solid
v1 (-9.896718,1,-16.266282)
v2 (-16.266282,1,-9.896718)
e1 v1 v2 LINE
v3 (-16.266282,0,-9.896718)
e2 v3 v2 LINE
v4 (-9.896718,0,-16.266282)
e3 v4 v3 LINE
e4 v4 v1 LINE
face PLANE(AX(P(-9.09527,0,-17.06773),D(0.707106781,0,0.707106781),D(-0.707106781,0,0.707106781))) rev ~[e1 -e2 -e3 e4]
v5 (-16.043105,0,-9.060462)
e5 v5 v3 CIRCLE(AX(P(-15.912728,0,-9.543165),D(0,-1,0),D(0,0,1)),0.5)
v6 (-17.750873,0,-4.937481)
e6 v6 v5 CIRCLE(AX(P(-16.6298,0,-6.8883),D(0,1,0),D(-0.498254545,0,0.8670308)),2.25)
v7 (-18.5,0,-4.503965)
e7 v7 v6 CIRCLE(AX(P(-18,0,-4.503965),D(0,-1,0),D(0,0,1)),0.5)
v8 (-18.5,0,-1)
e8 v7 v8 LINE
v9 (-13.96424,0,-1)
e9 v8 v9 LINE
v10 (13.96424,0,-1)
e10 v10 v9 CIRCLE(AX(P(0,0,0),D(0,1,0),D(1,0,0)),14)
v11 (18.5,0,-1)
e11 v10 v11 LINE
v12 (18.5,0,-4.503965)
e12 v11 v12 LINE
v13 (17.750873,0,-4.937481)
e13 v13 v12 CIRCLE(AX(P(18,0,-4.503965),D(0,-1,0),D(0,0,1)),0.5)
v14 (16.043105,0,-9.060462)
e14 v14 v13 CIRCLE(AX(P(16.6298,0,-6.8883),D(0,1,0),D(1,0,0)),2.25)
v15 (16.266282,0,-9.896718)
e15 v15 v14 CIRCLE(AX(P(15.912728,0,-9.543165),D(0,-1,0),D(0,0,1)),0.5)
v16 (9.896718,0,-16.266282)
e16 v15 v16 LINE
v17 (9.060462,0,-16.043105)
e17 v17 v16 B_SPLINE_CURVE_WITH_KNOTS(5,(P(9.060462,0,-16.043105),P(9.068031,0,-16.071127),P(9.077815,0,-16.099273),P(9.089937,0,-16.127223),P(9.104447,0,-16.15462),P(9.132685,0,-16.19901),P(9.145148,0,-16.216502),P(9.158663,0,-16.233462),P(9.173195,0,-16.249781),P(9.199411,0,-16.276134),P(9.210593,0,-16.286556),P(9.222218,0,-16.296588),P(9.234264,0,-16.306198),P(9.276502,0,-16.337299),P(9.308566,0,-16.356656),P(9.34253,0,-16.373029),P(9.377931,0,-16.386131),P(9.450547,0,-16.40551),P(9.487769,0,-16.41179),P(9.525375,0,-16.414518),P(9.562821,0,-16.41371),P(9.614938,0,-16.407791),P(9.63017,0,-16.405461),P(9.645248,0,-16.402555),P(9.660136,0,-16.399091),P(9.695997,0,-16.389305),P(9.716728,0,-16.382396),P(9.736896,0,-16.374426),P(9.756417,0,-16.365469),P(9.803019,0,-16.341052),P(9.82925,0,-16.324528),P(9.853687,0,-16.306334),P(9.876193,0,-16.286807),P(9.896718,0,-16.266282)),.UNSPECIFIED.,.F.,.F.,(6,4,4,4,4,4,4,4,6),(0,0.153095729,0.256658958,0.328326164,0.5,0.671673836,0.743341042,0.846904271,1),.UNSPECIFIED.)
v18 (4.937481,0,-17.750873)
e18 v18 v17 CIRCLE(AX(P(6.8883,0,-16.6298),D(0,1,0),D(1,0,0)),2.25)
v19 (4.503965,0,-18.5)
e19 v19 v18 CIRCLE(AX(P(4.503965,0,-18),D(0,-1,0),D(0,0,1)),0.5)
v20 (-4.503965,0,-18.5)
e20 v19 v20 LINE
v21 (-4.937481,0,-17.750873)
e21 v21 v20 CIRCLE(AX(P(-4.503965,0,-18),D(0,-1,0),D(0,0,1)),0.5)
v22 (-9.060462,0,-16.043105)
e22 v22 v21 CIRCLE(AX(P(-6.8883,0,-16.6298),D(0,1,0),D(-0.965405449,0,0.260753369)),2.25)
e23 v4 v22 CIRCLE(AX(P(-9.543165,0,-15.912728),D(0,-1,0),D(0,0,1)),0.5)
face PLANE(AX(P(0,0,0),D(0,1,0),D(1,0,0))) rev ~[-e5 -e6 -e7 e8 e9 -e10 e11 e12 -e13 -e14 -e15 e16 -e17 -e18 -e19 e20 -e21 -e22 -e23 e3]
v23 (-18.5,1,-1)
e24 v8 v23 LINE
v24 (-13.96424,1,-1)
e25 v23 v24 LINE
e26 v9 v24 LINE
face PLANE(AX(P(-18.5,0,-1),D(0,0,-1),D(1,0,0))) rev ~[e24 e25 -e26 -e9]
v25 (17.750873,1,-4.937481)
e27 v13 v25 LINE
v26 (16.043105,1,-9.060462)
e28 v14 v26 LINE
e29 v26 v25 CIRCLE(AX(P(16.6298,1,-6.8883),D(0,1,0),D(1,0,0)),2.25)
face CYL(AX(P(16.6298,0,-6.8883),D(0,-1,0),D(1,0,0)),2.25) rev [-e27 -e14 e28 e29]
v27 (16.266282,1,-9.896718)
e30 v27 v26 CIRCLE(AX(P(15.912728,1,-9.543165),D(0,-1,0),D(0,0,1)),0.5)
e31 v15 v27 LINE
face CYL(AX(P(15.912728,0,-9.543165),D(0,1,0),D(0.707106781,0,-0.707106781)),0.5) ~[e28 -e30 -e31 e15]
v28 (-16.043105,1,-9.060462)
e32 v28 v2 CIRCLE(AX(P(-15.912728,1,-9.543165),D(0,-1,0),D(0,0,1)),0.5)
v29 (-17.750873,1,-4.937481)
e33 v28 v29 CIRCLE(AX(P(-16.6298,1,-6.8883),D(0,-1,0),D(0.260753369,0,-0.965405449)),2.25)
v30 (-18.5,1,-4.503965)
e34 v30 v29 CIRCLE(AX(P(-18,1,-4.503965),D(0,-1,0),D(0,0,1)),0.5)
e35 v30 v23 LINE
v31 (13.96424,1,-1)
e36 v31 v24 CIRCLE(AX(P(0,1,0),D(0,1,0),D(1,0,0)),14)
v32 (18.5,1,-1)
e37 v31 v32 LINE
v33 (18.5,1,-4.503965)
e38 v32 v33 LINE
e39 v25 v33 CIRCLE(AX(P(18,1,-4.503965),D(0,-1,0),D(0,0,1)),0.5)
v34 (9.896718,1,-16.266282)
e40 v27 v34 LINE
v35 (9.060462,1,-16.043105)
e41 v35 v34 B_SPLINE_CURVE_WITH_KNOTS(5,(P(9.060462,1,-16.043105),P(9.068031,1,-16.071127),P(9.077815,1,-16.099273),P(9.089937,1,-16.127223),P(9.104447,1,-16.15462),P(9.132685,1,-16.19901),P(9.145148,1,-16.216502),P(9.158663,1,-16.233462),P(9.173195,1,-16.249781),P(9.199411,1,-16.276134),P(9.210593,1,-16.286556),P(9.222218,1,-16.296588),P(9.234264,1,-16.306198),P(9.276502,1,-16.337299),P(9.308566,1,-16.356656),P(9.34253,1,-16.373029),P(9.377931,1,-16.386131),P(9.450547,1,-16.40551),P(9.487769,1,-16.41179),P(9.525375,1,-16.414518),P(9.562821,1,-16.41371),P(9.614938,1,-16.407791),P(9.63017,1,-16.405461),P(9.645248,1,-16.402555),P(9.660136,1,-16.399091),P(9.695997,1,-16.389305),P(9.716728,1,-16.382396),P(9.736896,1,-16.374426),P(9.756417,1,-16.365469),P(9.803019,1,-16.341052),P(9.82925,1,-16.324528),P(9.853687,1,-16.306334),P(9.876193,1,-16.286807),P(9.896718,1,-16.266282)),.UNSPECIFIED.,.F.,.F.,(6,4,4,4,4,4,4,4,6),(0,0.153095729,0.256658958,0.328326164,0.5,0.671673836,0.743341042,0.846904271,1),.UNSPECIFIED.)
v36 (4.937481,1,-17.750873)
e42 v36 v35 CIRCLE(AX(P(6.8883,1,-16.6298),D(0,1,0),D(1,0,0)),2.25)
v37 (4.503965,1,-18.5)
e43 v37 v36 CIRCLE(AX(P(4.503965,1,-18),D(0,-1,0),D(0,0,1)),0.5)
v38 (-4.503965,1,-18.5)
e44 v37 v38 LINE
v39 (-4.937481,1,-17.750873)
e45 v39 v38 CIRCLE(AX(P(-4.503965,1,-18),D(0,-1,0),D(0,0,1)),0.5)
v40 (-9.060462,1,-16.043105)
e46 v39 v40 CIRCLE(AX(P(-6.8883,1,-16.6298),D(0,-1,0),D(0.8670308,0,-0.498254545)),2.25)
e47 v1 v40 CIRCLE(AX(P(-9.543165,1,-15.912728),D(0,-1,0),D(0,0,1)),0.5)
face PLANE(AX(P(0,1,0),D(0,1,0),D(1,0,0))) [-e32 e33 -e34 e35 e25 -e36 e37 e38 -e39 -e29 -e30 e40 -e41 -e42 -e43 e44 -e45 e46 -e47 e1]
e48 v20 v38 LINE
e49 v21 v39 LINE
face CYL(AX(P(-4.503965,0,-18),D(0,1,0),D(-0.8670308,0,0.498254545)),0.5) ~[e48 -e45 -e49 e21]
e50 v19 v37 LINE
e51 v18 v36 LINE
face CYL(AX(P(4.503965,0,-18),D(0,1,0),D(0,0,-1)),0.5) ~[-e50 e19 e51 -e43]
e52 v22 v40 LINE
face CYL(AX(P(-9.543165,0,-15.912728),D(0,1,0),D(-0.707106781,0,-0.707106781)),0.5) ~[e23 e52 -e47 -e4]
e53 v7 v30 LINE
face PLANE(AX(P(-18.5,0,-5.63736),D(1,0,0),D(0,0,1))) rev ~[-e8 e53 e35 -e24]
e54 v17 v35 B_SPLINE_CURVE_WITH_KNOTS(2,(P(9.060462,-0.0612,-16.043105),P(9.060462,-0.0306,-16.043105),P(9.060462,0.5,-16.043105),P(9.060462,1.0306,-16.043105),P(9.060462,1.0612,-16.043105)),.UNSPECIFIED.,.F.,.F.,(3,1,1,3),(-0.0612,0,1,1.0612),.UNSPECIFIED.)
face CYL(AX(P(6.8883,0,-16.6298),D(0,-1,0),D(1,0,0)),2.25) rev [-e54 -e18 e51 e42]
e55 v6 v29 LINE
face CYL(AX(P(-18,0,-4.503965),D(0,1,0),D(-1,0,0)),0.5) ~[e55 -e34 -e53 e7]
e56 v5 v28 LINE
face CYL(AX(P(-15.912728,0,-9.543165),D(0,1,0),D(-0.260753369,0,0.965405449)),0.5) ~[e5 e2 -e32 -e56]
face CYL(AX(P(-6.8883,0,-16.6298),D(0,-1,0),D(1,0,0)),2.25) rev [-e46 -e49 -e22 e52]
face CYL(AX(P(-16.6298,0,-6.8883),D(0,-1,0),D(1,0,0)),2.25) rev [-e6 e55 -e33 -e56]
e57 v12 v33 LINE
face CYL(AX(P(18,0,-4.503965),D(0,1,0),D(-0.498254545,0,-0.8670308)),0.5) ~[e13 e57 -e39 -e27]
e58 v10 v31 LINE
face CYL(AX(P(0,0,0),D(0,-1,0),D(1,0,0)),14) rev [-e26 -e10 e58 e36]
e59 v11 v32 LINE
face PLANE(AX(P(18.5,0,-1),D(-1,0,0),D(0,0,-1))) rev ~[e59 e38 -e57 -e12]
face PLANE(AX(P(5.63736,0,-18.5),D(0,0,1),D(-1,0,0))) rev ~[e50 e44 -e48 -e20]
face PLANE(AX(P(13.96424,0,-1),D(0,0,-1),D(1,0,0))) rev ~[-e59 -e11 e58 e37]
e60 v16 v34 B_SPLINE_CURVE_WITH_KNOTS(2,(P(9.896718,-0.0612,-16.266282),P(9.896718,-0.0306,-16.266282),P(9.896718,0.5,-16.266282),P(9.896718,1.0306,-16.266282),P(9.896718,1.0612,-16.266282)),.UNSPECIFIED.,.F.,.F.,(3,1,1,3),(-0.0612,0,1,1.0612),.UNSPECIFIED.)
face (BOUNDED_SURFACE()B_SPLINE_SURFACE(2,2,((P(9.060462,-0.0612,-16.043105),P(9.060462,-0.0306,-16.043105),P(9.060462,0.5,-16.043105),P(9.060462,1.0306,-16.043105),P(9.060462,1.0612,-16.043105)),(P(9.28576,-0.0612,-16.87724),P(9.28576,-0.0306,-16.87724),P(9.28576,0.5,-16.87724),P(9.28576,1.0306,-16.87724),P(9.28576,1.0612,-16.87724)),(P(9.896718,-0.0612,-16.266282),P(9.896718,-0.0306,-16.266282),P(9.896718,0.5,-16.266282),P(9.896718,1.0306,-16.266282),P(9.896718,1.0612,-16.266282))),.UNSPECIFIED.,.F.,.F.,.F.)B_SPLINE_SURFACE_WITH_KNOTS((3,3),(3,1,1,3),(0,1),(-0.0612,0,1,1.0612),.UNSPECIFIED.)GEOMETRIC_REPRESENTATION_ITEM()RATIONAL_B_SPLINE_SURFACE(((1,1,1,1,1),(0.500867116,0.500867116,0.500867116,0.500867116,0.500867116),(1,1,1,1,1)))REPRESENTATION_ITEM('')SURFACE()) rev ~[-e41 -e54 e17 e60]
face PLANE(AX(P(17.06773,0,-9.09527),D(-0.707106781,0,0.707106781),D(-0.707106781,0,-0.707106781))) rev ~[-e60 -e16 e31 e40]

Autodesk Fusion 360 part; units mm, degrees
sketch "Sketch1" plane through (0, 0, 0) normal (0, 1, 0) x (1, 0, 0)
  circle A0 centre (0, 0) radius 18 construction
  circle A1 centre (0, 0) radius 14
  circle A2 centre (-16.6298, 6.8883) radius 2.25
  circle A3 centre (-16.6298, -6.8883) radius 2.25
  circle A4 centre (-6.8883, -16.6298) radius 2.25
  circle A5 centre (6.8883, -16.6298) radius 2.25
  circle A6 centre (16.6298, -6.8883) radius 2.25
  circle A7 centre (16.6298, 6.8883) radius 2.25
  circle A8 centre (6.8883, 16.6298) radius 2.25
  circle A9 centre (-6.8883, 16.6298) radius 2.25
  line L0 (-18.5, 7.663) -> (-18.5, -7.663)
  line L1 (-18.5, -7.663) -> (-7.663, -18.5)
  line L2 (-7.663, -18.5) -> (7.663, -18.5)
  line L3 (7.663, -18.5) -> (18.5, -7.663)
  line L4 (18.5, -7.663) -> (18.5, 7.663)
  line L5 (18.5, 7.663) -> (7.663, 18.5)
  line L6 (7.663, 18.5) -> (-7.663, 18.5)
  line L7 (-7.663, 18.5) -> (-18.5, 7.663)
  line L8 (-18.5, 1) -> (18.5, 1)
  point P0 (-16.6298, 6.8883)
  dimension "d1" = 36
  dimension "d2" = 28
  dimension "d3" = 4.5
  dimension "d5" = 360
  dimension "d6" = 18.5
  dimension "d7" = 1
extrude "Extrude1" add sketch "Sketch1" along normal blind 1 contours A1 A2 A7 A8 A9 L0 L4 L5 L6 L7 L8
fillet "Fillet1" radius 0.5 8 edges at (18.5, 0.5, -5.6373) (17.0677, 0.5, -9.0953) (9.0953, 0.5, -17.0677) (5.6373, 0.5, -18.5) (-5.6373, 0.5, -18.5) (-9.0953, 0.5, -17.0677) (-17.0677, 0.5, -9.0953) (-18.5, 0.5, -5.6373)
